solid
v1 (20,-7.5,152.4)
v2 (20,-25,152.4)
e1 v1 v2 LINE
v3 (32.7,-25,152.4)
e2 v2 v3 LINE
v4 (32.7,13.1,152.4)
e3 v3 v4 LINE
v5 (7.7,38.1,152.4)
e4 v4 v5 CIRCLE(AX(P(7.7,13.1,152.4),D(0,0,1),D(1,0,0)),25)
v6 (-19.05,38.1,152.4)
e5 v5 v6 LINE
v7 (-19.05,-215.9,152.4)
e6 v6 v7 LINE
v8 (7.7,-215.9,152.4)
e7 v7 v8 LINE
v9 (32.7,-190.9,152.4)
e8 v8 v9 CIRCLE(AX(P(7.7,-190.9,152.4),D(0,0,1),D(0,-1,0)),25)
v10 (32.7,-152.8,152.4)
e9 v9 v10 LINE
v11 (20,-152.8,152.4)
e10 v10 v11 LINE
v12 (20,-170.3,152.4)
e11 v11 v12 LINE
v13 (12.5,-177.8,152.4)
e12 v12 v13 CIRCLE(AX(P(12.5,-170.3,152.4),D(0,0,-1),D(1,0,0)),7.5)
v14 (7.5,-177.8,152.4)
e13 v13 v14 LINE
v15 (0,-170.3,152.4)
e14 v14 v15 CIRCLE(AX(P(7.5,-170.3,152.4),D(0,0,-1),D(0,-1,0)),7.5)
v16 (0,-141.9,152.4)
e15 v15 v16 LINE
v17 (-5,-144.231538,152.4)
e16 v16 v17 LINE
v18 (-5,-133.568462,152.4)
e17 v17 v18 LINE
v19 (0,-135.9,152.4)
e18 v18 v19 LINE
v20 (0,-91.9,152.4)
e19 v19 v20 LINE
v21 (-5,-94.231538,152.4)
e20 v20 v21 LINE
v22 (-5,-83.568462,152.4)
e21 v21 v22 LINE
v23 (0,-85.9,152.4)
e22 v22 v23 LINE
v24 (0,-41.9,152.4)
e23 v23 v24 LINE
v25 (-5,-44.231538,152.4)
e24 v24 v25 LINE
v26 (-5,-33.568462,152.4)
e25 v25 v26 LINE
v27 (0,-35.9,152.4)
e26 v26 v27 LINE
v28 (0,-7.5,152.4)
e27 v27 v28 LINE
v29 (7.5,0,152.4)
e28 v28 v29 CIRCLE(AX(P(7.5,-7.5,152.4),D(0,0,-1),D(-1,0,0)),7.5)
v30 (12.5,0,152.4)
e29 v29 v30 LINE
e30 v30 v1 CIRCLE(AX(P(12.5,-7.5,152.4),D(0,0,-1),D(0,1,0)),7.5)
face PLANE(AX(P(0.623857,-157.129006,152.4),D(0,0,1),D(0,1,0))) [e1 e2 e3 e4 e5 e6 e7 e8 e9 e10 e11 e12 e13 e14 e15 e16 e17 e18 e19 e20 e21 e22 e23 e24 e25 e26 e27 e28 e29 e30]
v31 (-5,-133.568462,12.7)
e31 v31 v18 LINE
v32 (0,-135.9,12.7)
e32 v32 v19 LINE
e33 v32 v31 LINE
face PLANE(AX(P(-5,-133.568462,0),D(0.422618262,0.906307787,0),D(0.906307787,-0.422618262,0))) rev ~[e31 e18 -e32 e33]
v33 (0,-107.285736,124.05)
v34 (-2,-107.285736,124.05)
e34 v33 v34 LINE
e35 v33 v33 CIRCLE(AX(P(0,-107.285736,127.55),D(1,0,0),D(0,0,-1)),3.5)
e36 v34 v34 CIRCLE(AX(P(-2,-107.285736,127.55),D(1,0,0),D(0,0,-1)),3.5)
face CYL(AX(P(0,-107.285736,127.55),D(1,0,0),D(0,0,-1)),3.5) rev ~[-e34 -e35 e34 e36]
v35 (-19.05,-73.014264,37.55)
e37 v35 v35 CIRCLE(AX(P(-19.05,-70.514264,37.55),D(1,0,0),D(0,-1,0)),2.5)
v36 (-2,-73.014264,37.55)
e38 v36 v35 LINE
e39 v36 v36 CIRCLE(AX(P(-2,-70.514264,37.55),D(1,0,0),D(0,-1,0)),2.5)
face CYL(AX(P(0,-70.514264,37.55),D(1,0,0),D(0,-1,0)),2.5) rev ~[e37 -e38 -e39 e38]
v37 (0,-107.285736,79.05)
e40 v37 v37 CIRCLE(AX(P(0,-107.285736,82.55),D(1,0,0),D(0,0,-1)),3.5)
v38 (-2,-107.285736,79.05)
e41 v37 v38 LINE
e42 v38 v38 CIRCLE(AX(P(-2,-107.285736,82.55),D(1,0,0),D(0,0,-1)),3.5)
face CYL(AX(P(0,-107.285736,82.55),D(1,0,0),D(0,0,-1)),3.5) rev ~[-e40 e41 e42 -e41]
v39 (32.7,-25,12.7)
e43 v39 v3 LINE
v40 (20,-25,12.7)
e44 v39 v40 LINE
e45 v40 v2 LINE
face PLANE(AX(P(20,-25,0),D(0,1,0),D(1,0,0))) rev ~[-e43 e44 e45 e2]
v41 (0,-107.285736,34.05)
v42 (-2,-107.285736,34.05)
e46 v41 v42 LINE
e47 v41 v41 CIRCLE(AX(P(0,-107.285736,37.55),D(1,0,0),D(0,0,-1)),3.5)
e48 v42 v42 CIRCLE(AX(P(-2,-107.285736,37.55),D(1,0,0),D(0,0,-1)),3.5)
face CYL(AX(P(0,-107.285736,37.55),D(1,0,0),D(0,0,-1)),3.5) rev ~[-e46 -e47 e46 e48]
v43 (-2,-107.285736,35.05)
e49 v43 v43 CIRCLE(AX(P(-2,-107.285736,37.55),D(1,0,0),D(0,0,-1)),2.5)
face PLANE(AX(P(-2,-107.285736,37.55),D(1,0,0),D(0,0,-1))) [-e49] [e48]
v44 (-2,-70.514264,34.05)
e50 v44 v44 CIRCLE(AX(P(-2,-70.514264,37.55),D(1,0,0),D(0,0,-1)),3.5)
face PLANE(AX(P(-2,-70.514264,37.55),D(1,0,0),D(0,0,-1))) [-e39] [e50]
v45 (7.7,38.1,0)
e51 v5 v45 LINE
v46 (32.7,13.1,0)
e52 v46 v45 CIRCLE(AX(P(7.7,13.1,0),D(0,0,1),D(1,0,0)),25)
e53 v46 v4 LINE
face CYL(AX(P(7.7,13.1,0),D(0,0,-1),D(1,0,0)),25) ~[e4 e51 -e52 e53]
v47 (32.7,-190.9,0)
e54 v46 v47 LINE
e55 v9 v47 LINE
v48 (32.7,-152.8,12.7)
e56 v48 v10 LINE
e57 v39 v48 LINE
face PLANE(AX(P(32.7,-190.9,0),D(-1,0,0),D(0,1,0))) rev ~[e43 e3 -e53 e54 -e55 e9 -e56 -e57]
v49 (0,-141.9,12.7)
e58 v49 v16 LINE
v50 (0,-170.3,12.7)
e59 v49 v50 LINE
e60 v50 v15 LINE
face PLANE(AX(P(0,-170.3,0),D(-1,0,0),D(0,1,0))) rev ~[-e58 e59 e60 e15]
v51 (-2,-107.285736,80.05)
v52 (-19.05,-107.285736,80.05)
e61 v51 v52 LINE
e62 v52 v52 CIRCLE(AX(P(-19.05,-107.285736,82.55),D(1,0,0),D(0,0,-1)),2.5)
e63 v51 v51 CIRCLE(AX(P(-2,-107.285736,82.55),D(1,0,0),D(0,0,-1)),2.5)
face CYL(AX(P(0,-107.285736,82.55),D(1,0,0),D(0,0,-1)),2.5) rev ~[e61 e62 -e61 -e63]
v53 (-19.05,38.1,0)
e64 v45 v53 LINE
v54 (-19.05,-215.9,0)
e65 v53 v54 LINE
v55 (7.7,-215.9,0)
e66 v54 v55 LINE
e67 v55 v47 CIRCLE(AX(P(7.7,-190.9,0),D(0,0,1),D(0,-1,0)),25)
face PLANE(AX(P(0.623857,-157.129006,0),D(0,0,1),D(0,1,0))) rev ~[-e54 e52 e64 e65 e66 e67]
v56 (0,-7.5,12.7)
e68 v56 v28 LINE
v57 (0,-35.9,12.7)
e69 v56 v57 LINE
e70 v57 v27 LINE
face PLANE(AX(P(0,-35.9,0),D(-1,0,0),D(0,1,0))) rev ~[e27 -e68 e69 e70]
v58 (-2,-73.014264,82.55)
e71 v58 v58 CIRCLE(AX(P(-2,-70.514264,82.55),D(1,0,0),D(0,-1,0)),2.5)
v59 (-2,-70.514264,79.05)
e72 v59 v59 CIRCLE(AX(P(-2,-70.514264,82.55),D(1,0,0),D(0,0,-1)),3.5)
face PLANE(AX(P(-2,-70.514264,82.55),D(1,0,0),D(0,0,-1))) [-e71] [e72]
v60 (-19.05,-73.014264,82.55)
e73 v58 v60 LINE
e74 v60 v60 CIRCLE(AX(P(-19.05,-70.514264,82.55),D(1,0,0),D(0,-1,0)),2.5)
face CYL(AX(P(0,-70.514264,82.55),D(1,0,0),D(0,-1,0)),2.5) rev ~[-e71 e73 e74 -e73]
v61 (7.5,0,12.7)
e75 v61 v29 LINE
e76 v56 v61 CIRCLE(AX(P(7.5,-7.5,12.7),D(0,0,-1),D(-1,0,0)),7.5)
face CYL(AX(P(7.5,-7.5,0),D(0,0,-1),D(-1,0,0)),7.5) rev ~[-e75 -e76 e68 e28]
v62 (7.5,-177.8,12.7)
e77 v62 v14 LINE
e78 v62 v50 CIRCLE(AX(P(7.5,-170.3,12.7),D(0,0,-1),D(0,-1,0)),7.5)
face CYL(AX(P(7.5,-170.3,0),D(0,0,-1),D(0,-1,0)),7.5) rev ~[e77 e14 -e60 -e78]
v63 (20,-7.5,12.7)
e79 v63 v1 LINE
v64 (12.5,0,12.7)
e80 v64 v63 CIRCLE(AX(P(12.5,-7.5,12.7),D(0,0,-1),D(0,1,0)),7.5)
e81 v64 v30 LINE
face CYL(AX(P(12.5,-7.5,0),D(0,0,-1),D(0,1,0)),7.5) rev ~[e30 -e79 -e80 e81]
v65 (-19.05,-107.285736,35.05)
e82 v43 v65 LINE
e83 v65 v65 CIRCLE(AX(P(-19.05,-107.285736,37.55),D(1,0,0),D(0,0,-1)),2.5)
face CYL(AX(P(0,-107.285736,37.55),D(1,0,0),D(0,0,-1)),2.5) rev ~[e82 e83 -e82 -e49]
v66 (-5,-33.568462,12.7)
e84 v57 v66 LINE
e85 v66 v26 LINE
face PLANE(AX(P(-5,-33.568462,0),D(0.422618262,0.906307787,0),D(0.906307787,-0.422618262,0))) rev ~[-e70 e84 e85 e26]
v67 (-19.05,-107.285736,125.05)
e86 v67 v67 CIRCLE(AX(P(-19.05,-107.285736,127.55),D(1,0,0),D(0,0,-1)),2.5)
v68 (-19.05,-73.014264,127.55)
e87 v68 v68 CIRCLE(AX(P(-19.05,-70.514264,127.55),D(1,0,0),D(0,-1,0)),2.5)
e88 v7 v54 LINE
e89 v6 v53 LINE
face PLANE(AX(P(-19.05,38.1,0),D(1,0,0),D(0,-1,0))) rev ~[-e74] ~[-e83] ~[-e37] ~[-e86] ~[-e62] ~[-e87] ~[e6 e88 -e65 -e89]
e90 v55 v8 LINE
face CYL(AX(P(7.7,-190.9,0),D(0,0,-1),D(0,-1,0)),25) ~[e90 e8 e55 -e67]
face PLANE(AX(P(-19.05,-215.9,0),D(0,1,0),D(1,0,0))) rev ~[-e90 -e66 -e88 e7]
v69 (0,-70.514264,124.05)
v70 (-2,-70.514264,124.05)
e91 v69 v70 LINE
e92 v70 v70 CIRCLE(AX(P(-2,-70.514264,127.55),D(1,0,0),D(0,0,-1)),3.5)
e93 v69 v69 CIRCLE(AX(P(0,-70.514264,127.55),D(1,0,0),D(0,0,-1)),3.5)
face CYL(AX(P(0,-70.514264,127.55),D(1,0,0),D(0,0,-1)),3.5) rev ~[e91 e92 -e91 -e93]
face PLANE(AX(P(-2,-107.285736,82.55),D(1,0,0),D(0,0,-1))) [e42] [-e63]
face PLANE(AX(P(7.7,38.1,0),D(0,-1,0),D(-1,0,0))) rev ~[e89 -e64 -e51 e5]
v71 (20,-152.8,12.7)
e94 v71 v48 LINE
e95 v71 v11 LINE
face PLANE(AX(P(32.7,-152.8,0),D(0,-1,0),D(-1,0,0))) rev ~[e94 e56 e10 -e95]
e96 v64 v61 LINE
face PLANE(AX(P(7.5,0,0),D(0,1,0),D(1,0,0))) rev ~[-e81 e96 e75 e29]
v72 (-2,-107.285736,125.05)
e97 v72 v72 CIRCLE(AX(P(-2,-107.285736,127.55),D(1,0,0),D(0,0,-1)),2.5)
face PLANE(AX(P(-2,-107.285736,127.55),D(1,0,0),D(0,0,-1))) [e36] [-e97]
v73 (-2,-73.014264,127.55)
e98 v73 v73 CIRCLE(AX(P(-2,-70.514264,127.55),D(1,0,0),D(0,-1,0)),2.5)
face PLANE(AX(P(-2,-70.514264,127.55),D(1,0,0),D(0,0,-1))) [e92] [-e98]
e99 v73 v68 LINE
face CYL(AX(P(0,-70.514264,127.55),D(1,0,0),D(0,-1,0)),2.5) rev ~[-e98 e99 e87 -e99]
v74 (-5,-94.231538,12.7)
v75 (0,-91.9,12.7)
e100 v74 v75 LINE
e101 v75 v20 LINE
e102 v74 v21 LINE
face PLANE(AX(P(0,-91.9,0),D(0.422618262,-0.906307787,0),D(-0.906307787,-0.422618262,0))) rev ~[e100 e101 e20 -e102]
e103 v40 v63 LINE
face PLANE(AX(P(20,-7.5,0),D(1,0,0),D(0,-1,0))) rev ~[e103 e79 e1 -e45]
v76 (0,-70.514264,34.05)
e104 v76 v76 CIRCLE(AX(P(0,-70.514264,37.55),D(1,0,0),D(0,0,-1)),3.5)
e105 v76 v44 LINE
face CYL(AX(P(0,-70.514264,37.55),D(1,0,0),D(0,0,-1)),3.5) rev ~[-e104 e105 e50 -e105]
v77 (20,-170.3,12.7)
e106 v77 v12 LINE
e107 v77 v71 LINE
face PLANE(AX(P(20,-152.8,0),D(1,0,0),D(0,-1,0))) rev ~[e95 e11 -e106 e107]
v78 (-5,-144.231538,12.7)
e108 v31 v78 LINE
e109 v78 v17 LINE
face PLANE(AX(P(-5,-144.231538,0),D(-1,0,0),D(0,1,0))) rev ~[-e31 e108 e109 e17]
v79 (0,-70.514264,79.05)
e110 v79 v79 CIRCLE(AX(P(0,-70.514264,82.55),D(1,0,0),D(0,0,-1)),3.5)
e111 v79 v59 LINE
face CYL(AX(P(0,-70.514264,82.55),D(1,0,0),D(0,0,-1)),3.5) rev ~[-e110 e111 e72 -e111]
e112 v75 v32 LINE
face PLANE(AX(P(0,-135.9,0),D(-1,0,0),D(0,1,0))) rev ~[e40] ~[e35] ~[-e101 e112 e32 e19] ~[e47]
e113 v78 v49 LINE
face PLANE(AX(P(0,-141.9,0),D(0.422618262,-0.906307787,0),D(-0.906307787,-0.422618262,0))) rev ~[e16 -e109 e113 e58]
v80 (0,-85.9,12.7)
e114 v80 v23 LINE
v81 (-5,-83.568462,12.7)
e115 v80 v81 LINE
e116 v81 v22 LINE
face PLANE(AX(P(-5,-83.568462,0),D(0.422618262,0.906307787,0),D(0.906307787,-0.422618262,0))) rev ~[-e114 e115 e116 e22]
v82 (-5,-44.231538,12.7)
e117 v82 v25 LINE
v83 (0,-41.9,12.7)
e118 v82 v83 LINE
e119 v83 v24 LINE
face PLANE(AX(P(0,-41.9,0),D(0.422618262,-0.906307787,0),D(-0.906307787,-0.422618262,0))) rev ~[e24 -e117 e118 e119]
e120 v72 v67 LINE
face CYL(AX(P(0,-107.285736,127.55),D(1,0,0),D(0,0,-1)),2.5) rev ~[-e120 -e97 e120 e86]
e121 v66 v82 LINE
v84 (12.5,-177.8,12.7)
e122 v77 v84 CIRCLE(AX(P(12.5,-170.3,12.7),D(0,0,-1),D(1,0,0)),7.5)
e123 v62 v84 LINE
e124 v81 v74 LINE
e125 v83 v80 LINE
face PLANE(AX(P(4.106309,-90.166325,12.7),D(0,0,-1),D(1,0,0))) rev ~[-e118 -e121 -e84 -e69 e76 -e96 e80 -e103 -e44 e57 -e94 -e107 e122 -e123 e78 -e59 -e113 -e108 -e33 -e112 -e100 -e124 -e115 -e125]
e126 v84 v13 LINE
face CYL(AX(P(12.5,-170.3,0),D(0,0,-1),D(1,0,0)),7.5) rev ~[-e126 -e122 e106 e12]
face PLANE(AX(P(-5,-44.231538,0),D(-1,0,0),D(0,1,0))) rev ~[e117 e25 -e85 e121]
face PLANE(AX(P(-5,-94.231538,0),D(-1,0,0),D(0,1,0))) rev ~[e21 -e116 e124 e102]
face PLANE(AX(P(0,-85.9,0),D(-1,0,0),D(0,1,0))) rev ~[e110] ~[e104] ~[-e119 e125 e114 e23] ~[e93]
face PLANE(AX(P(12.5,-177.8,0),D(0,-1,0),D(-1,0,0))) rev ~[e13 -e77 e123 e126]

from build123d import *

# Parameters (mm, degrees)
BOSS_EXTRUDE1_DEPTH = 152.4
BOSS_EXTRUDE2_DEPTH = 12.7
SKETCH3_R           = 2.5
CUT_EXTRUDE1_DEPTH  = 25
SKETCH4_R           = 3.5
CUT_EXTRUDE2_DEPTH  = 2


with BuildPart() as part:
    # Sketch1 → Boss-Extrude1 (new body)
    with BuildSketch(Plane(origin=(0, 0, 0), x_dir=(0, 1, 0), z_dir=(0, 0, 1))):
        with BuildLine():
            Line((-94.231538291, 5), (-88.9, 5))
            Line((-88.9, 5), (-88.9, 19.05))
            Line((-88.9, 19.05), (-215.9, 19.05))
            Line((-215.9, 19.05), (-215.9, -7.7))
            ThreePointArc((-215.9, -7.7), (-208.57766953, -25.37766953), (-190.9, -32.7))
            Line((-190.9, -32.7), (-152.8, -32.7))
            Line((-152.8, -32.7), (-152.8, -20))
            Line((-152.8, -20), (-170.3, -20))
            ThreePointArc((-170.3, -20), (-175.603300859, -17.803300859), (-177.8, -12.5))
            Line((-177.8, -12.5), (-177.8, -7.5))
            ThreePointArc((-177.8, -7.5), (-175.603300859, -2.196699141), (-170.3, 0))
            Line((-170.3, 0), (-141.9, 0))
            Line((-141.9, 0), (-144.231538291, 5))
            Line((-144.231538291, 5), (-133.568461709, 5))
            Line((-133.568461709, 5), (-135.9, 0))
            Line((-135.9, 0), (-91.9, 0))
            Line((-91.9, 0), (-94.231538291, 5))
        make_face()
        with BuildLine():
            Line((-35.9, 0), (-7.5, 0))
            ThreePointArc((-7.5, 0), (-2.196699141, -2.196699141), (0, -7.5))
            Line((0, -7.5), (0, -12.5))
            ThreePointArc((0, -12.5), (-2.196699141, -17.803300859), (-7.5, -20))
            Line((-7.5, -20), (-25, -20))
            Line((-25, -20), (-25, -32.7))
            Line((-25, -32.7), (13.1, -32.7))
            ThreePointArc((13.1, -32.7), (30.77766953, -25.37766953), (38.1, -7.7))
            Line((38.1, -7.7), (38.1, 19.05))
            Line((38.1, 19.05), (-88.9, 19.05))
            Line((-88.9, 19.05), (-88.9, 5))
            Line((-88.9, 5), (-83.568461709, 5))
            Line((-83.568461709, 5), (-85.9, 0))
            Line((-85.9, 0), (-41.9, 0))
            Line((-41.9, 0), (-44.231538291, 5))
            Line((-44.231538291, 5), (-33.568461709, 5))
            Line((-33.568461709, 5), (-35.9, 0))
        make_face()
    extrude(amount=BOSS_EXTRUDE1_DEPTH)

    # Sketch2 → Boss-Extrude2 (add)
    with BuildSketch(Plane(origin=(0, 0, 0), x_dir=(1, 0, 0), z_dir=(0, 0, -1))):
        Polygon((-19.05, 215.9), (-19.05, -38.1), (7.7, -38.1), (32.7, 25), (32.7, 152.8), (32.7, 190.9), (7.7, 215.9), align=None)
    extrude(amount=-BOSS_EXTRUDE2_DEPTH)

    # Sketch3 → Cut-Extrude1 (cut)
    with BuildSketch(Plane.YZ):
        with Locations(Location((-107.285735893, 82.55, 0), (0, 0, 270))):
            Circle(SKETCH3_R)
        with Locations(Location((-107.285735893, 127.55, 0), (0, 0, 270))):
            Circle(SKETCH3_R)
        with Locations(Location((-107.285735893, 37.55, 0), (0, 0, 270))):
            Circle(SKETCH3_R)
        with Locations(Location((-70.514264107, 37.55, 0), (0, 0, 180))):
            Circle(SKETCH3_R)
        with Locations(Location((-70.514264107, 82.55, 0), (0, 0, 180))):
            Circle(SKETCH3_R)
        with Locations(Location((-70.514264107, 127.55, 0), (0, 0, 180))):
            Circle(SKETCH3_R)
    extrude(amount=-CUT_EXTRUDE1_DEPTH, mode=Mode.SUBTRACT)

    # Sketch4 → Cut-Extrude2 (cut)
    with BuildSketch(Plane.YZ):
        with Locations(Location((-107.285735893, 127.55, 0), (0, 0, 270))):
            Circle(SKETCH4_R)
        with Locations(Location((-107.285735893, 82.55, 0), (0, 0, 270))):
            Circle(SKETCH4_R)
        with Locations(Location((-107.285735893, 37.55, 0), (0, 0, 270))):
            Circle(SKETCH4_R)
        with Locations(Location((-70.514264107, 37.55, 0), (0, 0, 270))):
            Circle(SKETCH4_R)
        with Locations(Location((-70.514264107, 82.55, 0), (0, 0, 270))):
            Circle(SKETCH4_R)
        with Locations(Location((-70.514264107, 127.55, 0), (0, 0, 270))):
            Circle(SKETCH4_R)
    extrude(amount=-CUT_EXTRUDE2_DEPTH, mode=Mode.SUBTRACT)


solid = part.part
